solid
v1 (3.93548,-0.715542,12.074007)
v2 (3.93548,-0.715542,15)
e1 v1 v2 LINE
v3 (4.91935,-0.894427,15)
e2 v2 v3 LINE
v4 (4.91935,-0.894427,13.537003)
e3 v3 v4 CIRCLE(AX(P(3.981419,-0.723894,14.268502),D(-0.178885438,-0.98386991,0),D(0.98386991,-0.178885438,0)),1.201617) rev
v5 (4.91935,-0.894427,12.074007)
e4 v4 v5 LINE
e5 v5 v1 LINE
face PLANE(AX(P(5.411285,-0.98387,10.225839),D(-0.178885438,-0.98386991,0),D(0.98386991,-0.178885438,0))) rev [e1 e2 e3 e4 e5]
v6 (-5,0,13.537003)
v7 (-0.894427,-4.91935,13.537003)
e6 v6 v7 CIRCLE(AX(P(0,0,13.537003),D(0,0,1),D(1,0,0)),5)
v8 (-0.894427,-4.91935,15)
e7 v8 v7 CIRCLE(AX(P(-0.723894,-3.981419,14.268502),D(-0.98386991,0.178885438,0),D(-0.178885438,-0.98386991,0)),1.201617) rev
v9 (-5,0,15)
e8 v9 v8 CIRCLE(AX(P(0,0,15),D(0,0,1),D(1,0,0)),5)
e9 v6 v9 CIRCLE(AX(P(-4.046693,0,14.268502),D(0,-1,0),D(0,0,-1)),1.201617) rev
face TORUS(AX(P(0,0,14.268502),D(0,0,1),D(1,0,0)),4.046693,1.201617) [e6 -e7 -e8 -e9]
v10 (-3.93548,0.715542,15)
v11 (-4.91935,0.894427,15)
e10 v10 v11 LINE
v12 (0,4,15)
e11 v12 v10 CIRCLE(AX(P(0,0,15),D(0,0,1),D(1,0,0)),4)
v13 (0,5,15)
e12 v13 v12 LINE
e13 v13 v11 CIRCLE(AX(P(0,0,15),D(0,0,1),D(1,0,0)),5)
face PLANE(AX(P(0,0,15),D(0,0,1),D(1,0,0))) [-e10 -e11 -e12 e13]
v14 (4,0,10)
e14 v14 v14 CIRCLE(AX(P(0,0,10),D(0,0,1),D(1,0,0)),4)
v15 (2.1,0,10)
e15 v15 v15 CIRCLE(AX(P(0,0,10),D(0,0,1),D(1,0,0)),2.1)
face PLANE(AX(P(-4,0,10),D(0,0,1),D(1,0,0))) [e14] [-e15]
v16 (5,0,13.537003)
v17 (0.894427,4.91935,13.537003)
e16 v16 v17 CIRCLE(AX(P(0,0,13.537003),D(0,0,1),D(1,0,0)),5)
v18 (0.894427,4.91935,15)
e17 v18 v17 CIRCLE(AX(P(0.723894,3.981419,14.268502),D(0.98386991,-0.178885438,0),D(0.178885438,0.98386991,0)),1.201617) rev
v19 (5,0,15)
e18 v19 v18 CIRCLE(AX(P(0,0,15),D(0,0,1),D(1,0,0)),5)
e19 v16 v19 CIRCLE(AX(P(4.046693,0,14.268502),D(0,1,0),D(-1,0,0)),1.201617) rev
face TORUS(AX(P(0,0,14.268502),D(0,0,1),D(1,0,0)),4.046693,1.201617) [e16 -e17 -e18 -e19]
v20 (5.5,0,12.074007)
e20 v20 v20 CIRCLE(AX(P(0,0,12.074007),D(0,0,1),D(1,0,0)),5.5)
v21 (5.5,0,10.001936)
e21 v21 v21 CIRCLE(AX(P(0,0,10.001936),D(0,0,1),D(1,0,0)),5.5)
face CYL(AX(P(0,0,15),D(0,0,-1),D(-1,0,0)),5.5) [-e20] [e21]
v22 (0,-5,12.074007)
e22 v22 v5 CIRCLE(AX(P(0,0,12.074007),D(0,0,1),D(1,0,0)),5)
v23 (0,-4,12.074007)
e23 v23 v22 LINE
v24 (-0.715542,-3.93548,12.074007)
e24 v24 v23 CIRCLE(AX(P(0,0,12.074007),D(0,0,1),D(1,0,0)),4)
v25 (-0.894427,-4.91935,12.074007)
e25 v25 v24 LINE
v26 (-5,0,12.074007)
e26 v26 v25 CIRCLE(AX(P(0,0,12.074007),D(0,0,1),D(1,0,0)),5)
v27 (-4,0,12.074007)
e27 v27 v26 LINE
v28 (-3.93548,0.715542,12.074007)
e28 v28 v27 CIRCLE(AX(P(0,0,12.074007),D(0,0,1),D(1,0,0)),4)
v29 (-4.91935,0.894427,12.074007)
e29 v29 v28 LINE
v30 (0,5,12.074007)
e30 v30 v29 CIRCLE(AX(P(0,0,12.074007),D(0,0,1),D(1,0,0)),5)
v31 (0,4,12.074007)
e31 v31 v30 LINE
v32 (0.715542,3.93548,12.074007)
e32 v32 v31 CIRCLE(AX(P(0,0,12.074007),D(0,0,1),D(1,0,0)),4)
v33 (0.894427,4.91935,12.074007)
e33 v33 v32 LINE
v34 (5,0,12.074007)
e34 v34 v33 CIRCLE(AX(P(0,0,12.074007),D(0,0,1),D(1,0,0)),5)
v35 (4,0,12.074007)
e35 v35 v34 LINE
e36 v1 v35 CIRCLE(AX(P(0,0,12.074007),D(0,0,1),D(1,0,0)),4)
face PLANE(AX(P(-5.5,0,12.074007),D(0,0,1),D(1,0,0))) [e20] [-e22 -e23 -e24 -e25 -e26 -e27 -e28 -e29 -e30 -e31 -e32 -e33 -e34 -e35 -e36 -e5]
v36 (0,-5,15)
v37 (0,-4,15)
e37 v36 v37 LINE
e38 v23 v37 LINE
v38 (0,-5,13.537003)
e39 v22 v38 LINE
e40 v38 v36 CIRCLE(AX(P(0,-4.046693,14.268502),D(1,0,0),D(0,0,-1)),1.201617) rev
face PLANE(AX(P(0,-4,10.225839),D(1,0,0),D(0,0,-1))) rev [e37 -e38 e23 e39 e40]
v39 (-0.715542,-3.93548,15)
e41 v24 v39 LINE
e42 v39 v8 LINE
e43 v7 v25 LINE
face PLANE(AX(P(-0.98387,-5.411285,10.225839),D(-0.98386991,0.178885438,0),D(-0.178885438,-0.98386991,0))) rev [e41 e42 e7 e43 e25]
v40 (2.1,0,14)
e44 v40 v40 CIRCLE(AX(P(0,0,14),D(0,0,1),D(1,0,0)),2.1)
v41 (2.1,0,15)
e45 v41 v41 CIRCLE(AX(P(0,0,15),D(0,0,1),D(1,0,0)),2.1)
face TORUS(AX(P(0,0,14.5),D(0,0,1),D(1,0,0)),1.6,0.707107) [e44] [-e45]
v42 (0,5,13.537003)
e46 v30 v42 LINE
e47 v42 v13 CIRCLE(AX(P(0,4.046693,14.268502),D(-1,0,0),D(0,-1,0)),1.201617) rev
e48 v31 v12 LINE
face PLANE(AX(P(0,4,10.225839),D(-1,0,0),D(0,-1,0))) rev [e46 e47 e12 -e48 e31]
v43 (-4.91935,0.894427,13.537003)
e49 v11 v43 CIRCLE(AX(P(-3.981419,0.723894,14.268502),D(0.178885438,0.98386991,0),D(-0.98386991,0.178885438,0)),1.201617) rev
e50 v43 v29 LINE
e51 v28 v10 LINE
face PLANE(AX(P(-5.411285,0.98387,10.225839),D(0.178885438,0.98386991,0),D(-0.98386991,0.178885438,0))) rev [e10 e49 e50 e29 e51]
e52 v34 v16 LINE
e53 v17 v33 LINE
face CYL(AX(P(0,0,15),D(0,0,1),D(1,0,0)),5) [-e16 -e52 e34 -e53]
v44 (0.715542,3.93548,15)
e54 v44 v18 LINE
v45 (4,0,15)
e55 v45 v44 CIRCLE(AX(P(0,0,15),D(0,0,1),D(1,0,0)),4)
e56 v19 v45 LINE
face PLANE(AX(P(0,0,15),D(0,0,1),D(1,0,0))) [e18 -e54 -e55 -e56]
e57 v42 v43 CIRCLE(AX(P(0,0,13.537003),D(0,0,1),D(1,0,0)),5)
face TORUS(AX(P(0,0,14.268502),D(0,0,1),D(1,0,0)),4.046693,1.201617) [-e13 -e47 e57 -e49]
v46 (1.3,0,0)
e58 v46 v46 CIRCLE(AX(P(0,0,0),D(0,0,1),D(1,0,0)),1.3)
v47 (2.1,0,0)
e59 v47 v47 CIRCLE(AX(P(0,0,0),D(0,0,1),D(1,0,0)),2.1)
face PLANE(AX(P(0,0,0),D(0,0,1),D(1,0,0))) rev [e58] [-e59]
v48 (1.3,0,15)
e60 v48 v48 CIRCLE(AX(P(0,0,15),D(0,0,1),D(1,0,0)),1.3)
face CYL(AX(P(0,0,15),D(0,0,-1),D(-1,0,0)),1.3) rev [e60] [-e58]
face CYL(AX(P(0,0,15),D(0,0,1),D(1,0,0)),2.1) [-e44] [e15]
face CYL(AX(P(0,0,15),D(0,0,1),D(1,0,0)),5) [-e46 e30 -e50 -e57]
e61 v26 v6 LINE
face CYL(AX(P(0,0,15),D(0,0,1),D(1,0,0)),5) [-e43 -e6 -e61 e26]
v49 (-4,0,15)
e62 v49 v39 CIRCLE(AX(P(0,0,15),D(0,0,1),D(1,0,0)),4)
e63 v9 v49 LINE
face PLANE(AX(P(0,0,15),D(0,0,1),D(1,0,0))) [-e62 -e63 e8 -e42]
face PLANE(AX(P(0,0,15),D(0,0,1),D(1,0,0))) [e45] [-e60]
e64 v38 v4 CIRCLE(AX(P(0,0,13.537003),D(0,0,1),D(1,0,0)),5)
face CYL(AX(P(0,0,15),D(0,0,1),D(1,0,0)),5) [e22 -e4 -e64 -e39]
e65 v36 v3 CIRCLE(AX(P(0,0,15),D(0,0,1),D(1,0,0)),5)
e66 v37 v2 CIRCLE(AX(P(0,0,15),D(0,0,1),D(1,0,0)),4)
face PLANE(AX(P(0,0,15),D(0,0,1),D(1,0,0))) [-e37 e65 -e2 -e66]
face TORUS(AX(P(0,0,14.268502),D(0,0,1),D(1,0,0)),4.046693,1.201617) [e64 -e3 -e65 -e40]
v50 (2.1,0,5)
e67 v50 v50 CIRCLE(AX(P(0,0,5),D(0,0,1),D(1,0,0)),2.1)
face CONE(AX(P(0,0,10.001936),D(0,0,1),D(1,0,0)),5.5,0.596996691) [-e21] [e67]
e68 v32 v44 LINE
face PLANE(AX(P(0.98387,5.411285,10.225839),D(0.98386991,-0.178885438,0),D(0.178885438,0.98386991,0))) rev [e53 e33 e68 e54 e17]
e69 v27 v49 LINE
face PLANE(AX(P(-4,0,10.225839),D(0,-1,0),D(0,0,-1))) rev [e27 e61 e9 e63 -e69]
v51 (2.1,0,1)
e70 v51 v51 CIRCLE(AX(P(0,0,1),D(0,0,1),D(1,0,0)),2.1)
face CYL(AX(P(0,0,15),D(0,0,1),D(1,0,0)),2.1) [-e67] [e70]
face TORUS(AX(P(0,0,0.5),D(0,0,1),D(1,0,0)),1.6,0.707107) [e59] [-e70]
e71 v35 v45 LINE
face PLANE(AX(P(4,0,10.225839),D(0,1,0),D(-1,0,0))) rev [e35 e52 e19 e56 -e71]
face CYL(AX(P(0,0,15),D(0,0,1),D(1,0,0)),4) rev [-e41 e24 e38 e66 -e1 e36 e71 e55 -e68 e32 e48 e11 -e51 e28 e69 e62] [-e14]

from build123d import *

# Parameters (mm, degrees)
SKETCH1_R           = 5.5
SKETCH1_R_2         = 1.3
BOSS_EXTRUDE1_DEPTH = 15
CUT_EXTRUDE1_START  = -2.925993492
CUT_EXTRUDE1_DEPTH  = 2.925993492


with BuildPart() as part:
    # Sketch1 → Boss-Extrude1 (new body)
    with BuildSketch(Plane.XY):
        Circle(SKETCH1_R)
        Circle(SKETCH1_R_2, mode=Mode.SUBTRACT)
    extrude(amount=BOSS_EXTRUDE1_DEPTH)

    # Sketch3 → Cut-Revolve1 (revolve, cut)
    with BuildSketch(Plane(origin=(0, 0, 0), x_dir=(1, 0, 0), z_dir=(0, 1, 0)), mode=Mode.PRIVATE) as cut_revolve1_sk:
        with BuildLine():
            Line((-2.1, -5), (-5.5, -10.001935684))
            Line((-5.5, -10.001935684), (-5.5, 0))
            Line((-5.5, 0), (-2.1, 0))
            ThreePointArc((-2.1, 0), (-2.307106781, -0.5), (-2.1, -1))
            Line((-2.1, -1), (-2.1, -5))
        make_face()
        with BuildLine():
            Line((-2.1, -15), (-4, -15))
            Line((-4, -15), (-4, -10))
            Line((-4, -10), (-2.1, -10))
            Line((-2.1, -10), (-2.1, -14))
            ThreePointArc((-2.1, -14), (-2.307106781, -14.5), (-2.1, -15))
        make_face()
        with BuildLine():
            Line((-5.5, -15), (-5, -15))
            ThreePointArc((-5, -15), (-5.248310238, -14.268501627), (-5, -13.537003254))
            Line((-5, -13.537003254), (-5, -12.074006508))
            Line((-5, -12.074006508), (-5.5, -12.074006508))
            Line((-5.5, -12.074006508), (-5.5, -15))
        make_face()
    revolve(cut_revolve1_sk.sketch.rotate(Axis((0, 0, 15), (0, 0, -1)), 180), axis=Axis((0, 0, 15), (0, 0, -1)), mode=Mode.SUBTRACT)

    # Sketch4 → Cut-Extrude1 (cut)
    with BuildSketch(Plane.XY.offset(15).offset(CUT_EXTRUDE1_START)):
        with BuildLine():
            Line((0, -4), (0, -5.5))
            ThreePointArc((0, -5.5), (-0.493930774, -5.477776227), (-0.98386991, -5.411284506))
            Line((-0.98386991, -5.411284506), (-0.715541753, -3.93547964))
            ThreePointArc((-0.715541753, -3.93547964), (-0.359222381, -3.983837256), (0, -4))
        make_face()
        with BuildLine():
            Line((-4, 0), (-5.5, 0))
            ThreePointArc((-5.5, 0), (-5.477776227, 0.493930774), (-5.411284506, 0.98386991))
            Line((-5.411284506, 0.98386991), (-3.93547964, 0.715541753))
            ThreePointArc((-3.93547964, 0.715541753), (-3.983837256, 0.359222381), (-4, 0))
        make_face()
        with BuildLine():
            Line((0, 4), (0, 5.5))
            ThreePointArc((0, 5.5), (0.493930774, 5.477776227), (0.98386991, 5.411284506))
            Line((0.98386991, 5.411284506), (0.715541753, 3.93547964))
            ThreePointArc((0.715541753, 3.93547964), (0.359222381, 3.983837256), (0, 4))
        make_face()
        with BuildLine():
            Line((4, 0), (5.5, 0))
            ThreePointArc((5.5, 0), (5.477776227, -0.493930774), (5.411284506, -0.98386991))
            Line((5.411284506, -0.98386991), (3.93547964, -0.715541753))
            ThreePointArc((3.93547964, -0.715541753), (3.983837256, -0.359222381), (4, 0))
        make_face()
    extrude(amount=CUT_EXTRUDE1_DEPTH, mode=Mode.SUBTRACT)


solid = part.part
